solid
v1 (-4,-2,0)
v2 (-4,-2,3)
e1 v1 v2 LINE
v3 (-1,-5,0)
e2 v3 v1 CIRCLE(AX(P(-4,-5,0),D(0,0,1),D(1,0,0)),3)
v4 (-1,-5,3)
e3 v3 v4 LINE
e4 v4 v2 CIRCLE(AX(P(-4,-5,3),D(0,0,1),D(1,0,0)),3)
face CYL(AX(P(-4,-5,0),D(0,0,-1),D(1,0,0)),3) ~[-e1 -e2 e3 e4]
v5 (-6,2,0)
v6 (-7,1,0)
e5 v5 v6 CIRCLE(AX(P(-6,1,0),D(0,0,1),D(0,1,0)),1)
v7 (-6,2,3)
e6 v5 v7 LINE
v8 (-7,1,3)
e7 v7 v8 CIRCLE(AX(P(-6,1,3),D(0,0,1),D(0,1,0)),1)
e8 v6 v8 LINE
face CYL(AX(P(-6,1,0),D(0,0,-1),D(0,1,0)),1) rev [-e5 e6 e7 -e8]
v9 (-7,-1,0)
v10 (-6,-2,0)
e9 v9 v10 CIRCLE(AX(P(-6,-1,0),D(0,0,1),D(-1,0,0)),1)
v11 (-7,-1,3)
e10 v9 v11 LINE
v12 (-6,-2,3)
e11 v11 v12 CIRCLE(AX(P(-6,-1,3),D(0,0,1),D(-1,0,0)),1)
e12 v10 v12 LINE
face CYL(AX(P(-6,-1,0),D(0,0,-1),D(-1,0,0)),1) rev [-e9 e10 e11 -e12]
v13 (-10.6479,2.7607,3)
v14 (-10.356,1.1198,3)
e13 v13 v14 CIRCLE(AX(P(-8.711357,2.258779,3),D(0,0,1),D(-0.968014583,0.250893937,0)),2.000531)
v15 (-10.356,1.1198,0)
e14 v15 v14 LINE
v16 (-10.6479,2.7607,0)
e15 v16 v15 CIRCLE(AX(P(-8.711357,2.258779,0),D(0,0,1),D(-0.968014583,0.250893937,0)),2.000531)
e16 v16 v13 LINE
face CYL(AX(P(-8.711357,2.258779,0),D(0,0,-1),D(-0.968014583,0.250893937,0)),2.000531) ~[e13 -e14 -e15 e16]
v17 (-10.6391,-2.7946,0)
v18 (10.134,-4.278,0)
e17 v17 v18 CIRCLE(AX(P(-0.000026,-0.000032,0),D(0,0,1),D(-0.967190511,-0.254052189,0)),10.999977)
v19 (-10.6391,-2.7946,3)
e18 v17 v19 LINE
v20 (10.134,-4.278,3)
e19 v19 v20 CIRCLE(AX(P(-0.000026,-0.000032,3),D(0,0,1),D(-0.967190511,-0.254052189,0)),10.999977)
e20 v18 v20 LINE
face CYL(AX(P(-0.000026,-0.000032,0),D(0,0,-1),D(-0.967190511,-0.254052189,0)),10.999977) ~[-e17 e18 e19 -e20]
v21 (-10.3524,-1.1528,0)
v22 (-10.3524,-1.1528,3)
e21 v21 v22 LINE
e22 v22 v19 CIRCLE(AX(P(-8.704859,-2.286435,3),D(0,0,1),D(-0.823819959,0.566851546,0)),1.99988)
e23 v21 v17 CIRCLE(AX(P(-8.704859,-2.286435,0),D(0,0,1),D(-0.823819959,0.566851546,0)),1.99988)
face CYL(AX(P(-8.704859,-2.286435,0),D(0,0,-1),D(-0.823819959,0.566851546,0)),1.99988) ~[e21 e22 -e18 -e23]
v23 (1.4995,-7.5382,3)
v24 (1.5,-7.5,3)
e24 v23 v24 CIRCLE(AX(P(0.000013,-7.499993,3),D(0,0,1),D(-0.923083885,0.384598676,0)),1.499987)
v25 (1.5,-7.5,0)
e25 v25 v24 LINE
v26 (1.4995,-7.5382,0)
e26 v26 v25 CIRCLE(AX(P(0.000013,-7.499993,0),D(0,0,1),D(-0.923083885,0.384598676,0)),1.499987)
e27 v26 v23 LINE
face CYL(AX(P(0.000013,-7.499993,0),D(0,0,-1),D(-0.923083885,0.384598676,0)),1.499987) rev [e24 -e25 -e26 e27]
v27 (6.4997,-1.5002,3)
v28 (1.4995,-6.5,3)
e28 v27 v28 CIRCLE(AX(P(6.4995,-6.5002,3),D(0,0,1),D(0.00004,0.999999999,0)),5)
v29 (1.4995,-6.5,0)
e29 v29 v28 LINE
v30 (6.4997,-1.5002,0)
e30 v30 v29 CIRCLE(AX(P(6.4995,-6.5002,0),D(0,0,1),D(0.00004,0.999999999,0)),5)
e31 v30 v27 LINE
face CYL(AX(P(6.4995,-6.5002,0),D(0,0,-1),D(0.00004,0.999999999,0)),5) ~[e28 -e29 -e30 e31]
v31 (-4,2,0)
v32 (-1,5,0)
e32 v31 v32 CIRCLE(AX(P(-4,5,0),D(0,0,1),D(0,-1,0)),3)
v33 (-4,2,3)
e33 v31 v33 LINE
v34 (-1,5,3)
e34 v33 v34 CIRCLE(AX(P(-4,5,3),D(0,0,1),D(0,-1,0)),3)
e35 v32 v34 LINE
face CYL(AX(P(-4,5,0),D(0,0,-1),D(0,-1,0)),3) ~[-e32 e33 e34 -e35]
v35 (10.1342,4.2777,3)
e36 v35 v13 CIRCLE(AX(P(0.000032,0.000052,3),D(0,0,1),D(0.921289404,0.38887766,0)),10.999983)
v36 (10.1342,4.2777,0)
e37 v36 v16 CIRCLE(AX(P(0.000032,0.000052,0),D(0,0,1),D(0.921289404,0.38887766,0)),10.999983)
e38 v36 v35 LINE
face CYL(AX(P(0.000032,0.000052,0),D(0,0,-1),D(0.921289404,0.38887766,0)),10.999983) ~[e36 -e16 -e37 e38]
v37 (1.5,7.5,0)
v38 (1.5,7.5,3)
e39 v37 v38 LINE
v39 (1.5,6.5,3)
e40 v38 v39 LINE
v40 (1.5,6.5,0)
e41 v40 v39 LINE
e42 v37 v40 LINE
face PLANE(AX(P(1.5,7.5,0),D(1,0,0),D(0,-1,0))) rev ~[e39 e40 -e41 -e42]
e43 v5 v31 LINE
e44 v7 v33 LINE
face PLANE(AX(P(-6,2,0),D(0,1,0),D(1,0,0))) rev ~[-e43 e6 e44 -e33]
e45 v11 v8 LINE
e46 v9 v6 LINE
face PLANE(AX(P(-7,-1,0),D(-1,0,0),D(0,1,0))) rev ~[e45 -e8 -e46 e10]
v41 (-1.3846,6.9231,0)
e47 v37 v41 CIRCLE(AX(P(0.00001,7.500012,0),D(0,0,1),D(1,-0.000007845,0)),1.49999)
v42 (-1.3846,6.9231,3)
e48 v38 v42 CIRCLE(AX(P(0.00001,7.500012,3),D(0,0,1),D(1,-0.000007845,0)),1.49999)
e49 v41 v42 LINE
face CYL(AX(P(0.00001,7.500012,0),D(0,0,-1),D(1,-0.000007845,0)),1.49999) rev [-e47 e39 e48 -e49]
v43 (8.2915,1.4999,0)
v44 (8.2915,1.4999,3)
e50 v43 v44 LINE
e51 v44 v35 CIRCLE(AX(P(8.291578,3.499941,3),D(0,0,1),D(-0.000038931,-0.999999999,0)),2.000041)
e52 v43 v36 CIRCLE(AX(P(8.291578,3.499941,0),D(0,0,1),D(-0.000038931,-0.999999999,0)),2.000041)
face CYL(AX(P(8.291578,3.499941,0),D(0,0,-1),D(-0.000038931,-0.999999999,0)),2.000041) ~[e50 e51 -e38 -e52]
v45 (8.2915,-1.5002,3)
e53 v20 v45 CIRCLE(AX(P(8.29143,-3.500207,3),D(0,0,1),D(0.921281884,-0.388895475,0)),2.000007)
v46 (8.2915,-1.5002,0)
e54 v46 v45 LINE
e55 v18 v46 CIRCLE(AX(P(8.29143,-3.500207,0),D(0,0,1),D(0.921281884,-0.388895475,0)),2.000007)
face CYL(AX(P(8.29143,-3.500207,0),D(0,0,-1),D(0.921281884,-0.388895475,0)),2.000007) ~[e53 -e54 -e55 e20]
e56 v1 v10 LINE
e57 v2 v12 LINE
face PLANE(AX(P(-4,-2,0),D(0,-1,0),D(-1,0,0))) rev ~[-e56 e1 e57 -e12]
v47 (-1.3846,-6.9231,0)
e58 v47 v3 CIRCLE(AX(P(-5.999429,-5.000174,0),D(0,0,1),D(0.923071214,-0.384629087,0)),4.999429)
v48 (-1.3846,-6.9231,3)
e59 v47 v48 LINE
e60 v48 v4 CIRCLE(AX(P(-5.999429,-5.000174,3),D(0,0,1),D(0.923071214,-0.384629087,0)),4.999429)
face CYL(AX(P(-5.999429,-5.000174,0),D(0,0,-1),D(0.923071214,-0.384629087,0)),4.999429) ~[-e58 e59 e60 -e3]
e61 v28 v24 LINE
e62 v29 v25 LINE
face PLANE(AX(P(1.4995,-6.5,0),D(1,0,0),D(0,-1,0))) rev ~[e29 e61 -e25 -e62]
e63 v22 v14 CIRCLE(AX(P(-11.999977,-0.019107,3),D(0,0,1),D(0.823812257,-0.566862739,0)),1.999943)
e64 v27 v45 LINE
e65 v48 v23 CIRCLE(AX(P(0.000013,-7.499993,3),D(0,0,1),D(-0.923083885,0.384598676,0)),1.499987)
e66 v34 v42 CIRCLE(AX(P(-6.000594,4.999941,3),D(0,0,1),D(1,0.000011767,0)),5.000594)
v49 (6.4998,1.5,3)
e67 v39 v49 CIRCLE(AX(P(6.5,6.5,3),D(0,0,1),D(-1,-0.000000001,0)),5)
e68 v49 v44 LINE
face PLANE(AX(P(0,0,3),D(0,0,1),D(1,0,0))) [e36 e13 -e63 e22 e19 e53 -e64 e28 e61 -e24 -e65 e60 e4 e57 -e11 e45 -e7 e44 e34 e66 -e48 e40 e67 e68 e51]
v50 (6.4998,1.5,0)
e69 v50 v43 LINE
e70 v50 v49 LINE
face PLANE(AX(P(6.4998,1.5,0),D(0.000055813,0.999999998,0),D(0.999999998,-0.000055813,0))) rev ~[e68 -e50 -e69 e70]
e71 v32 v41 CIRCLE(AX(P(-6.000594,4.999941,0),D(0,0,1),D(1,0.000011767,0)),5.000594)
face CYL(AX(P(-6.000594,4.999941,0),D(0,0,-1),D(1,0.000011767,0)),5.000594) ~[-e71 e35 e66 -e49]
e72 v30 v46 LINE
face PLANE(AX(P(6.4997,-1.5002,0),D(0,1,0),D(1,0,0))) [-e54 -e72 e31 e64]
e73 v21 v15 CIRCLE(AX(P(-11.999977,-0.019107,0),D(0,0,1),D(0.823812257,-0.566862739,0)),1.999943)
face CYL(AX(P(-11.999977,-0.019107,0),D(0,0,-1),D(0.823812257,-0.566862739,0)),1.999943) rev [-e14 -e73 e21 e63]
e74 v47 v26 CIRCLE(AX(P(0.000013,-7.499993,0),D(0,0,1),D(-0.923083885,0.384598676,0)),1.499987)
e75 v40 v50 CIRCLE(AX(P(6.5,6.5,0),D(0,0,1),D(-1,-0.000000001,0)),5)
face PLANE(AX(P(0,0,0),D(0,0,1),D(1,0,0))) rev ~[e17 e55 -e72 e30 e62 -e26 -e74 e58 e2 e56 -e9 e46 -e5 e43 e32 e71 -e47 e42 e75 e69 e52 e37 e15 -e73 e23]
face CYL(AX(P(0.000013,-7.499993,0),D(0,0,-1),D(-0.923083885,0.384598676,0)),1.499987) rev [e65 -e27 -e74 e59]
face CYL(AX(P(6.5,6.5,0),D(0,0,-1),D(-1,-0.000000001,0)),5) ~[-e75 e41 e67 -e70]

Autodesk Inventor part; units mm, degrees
ref_plane "YZ Plane" through (0, 0, 0) normal (1, 0, 0) x (0, 1, 0)
ref_plane "XZ Plane" through (0, 0, 0) normal (0, 1, 0) x (-1, 0, 0)
ref_plane "XY Plane" through (0, 0, 0) normal (0, 0, 1) x (1, 0, 0)
sketch "Sketch1" plane through (0, 0, 0) normal (0, 0, 1) x (1, 0, 0)
  arc A0 (1.5, 7.5) -> (-1.3846, 6.9231) centre (0, 7.5) ccw
  arc A1 (-1.3846, -6.9231) -> (1.5, -7.5) centre (0, -7.5) ccw
  arc A2 (-10.3524, -1.1528) -> (-10.356, 1.1198) centre (-12, -0.0191) ccw
  arc A3 (10.1342, 4.2777) -> (-10.6479, 2.7607) centre (0, 0) ccw
  arc A4 (-10.6391, -2.7946) -> (10.134, -4.278) centre (0, 0) ccw
  arc A5 (-10.6479, 2.7607) -> (-10.356, 1.1198) centre (-8.7119, 2.2588) ccw
  arc A6 (-10.3524, -1.1528) -> (-10.6391, -2.7946) centre (-8.7047, -2.2865) ccw
  arc A7 (-1, 5) -> (-1.3846, 6.9231) centre (-6, 5) ccw
  arc A8 (-1.3846, -6.9231) -> (-1, -5) centre (-6, -5) ccw
  line L0 (1.5, 7.5) -> (1.5, 6.5)
  line L1 (1.4995, -6.5) -> (1.4995, -7.5382)
  line L2 (6.4997, -1.5002) -> (8.2915, -1.5002)
  line L3 (6.4998, 1.5) -> (8.2915, 1.4999)
  arc A9 (6.4997, -1.5002) -> (1.4995, -6.5) centre (6.4995, -6.5002) ccw
  arc A10 (1.5, 6.5) -> (6.4998, 1.5) centre (6.5, 6.5) ccw
  arc A11 (10.134, -4.278) -> (8.2915, -1.5002) centre (8.2915, -3.5002) ccw
  arc A12 (8.2915, 1.4999) -> (10.1342, 4.2777) centre (8.2916, 3.4999) ccw
  line L4 (-6, 2) -> (-4, 2)
  line L5 (-4, -2) -> (-6, -2)
  line L6 (-7, -1) -> (-7, 1)
  arc A13 (-6, 2) -> (-7, 1) centre (-6, 1) ccw
  arc A14 (-7, -1) -> (-6, -2) centre (-6, -1) ccw
  line L7 (-1, -5) -> (-1, -5)
  line L8 (-1, 5) -> (-1, 5)
  arc A15 (-4, 2) -> (-1, 5) centre (-4, 5) ccw
  arc A16 (-1, -5) -> (-4, -2) centre (-4, -5) ccw
  point P0 (10.8972, -1.5003)
  point P1 (10.8973, 1.4999)
  point P2 (1.5, 1.5002)
  point P3 (1.4997, -1.5)
  point P4 (-1, -6.382)
  point P5 (-1, 6.382)
  point P6 (-7, 2)
  point P7 (-7, -2)
  point P8 (-4.7429, 0)
  dimension "d5" = 3
  dimension "d6" = 3
  dimension "d7" = 15
  dimension "d18" = 7.5
  dimension "d20" = 4
  dimension "d21" = 12
  dimension "d22" = 2
  dimension "d26" = 5
  dimension "d27" = 5
  dimension "d28" = 2
  dimension "d30" = 4
  dimension "d31" = 1
  dimension "d32" = 3
  dimension "d33" = 7
extrude "Extrusion2" add sketch "Sketch1" along normal blind 3
properties part number "020914 Aft Middle Endcap" material "Polycarbonate, Clear"
